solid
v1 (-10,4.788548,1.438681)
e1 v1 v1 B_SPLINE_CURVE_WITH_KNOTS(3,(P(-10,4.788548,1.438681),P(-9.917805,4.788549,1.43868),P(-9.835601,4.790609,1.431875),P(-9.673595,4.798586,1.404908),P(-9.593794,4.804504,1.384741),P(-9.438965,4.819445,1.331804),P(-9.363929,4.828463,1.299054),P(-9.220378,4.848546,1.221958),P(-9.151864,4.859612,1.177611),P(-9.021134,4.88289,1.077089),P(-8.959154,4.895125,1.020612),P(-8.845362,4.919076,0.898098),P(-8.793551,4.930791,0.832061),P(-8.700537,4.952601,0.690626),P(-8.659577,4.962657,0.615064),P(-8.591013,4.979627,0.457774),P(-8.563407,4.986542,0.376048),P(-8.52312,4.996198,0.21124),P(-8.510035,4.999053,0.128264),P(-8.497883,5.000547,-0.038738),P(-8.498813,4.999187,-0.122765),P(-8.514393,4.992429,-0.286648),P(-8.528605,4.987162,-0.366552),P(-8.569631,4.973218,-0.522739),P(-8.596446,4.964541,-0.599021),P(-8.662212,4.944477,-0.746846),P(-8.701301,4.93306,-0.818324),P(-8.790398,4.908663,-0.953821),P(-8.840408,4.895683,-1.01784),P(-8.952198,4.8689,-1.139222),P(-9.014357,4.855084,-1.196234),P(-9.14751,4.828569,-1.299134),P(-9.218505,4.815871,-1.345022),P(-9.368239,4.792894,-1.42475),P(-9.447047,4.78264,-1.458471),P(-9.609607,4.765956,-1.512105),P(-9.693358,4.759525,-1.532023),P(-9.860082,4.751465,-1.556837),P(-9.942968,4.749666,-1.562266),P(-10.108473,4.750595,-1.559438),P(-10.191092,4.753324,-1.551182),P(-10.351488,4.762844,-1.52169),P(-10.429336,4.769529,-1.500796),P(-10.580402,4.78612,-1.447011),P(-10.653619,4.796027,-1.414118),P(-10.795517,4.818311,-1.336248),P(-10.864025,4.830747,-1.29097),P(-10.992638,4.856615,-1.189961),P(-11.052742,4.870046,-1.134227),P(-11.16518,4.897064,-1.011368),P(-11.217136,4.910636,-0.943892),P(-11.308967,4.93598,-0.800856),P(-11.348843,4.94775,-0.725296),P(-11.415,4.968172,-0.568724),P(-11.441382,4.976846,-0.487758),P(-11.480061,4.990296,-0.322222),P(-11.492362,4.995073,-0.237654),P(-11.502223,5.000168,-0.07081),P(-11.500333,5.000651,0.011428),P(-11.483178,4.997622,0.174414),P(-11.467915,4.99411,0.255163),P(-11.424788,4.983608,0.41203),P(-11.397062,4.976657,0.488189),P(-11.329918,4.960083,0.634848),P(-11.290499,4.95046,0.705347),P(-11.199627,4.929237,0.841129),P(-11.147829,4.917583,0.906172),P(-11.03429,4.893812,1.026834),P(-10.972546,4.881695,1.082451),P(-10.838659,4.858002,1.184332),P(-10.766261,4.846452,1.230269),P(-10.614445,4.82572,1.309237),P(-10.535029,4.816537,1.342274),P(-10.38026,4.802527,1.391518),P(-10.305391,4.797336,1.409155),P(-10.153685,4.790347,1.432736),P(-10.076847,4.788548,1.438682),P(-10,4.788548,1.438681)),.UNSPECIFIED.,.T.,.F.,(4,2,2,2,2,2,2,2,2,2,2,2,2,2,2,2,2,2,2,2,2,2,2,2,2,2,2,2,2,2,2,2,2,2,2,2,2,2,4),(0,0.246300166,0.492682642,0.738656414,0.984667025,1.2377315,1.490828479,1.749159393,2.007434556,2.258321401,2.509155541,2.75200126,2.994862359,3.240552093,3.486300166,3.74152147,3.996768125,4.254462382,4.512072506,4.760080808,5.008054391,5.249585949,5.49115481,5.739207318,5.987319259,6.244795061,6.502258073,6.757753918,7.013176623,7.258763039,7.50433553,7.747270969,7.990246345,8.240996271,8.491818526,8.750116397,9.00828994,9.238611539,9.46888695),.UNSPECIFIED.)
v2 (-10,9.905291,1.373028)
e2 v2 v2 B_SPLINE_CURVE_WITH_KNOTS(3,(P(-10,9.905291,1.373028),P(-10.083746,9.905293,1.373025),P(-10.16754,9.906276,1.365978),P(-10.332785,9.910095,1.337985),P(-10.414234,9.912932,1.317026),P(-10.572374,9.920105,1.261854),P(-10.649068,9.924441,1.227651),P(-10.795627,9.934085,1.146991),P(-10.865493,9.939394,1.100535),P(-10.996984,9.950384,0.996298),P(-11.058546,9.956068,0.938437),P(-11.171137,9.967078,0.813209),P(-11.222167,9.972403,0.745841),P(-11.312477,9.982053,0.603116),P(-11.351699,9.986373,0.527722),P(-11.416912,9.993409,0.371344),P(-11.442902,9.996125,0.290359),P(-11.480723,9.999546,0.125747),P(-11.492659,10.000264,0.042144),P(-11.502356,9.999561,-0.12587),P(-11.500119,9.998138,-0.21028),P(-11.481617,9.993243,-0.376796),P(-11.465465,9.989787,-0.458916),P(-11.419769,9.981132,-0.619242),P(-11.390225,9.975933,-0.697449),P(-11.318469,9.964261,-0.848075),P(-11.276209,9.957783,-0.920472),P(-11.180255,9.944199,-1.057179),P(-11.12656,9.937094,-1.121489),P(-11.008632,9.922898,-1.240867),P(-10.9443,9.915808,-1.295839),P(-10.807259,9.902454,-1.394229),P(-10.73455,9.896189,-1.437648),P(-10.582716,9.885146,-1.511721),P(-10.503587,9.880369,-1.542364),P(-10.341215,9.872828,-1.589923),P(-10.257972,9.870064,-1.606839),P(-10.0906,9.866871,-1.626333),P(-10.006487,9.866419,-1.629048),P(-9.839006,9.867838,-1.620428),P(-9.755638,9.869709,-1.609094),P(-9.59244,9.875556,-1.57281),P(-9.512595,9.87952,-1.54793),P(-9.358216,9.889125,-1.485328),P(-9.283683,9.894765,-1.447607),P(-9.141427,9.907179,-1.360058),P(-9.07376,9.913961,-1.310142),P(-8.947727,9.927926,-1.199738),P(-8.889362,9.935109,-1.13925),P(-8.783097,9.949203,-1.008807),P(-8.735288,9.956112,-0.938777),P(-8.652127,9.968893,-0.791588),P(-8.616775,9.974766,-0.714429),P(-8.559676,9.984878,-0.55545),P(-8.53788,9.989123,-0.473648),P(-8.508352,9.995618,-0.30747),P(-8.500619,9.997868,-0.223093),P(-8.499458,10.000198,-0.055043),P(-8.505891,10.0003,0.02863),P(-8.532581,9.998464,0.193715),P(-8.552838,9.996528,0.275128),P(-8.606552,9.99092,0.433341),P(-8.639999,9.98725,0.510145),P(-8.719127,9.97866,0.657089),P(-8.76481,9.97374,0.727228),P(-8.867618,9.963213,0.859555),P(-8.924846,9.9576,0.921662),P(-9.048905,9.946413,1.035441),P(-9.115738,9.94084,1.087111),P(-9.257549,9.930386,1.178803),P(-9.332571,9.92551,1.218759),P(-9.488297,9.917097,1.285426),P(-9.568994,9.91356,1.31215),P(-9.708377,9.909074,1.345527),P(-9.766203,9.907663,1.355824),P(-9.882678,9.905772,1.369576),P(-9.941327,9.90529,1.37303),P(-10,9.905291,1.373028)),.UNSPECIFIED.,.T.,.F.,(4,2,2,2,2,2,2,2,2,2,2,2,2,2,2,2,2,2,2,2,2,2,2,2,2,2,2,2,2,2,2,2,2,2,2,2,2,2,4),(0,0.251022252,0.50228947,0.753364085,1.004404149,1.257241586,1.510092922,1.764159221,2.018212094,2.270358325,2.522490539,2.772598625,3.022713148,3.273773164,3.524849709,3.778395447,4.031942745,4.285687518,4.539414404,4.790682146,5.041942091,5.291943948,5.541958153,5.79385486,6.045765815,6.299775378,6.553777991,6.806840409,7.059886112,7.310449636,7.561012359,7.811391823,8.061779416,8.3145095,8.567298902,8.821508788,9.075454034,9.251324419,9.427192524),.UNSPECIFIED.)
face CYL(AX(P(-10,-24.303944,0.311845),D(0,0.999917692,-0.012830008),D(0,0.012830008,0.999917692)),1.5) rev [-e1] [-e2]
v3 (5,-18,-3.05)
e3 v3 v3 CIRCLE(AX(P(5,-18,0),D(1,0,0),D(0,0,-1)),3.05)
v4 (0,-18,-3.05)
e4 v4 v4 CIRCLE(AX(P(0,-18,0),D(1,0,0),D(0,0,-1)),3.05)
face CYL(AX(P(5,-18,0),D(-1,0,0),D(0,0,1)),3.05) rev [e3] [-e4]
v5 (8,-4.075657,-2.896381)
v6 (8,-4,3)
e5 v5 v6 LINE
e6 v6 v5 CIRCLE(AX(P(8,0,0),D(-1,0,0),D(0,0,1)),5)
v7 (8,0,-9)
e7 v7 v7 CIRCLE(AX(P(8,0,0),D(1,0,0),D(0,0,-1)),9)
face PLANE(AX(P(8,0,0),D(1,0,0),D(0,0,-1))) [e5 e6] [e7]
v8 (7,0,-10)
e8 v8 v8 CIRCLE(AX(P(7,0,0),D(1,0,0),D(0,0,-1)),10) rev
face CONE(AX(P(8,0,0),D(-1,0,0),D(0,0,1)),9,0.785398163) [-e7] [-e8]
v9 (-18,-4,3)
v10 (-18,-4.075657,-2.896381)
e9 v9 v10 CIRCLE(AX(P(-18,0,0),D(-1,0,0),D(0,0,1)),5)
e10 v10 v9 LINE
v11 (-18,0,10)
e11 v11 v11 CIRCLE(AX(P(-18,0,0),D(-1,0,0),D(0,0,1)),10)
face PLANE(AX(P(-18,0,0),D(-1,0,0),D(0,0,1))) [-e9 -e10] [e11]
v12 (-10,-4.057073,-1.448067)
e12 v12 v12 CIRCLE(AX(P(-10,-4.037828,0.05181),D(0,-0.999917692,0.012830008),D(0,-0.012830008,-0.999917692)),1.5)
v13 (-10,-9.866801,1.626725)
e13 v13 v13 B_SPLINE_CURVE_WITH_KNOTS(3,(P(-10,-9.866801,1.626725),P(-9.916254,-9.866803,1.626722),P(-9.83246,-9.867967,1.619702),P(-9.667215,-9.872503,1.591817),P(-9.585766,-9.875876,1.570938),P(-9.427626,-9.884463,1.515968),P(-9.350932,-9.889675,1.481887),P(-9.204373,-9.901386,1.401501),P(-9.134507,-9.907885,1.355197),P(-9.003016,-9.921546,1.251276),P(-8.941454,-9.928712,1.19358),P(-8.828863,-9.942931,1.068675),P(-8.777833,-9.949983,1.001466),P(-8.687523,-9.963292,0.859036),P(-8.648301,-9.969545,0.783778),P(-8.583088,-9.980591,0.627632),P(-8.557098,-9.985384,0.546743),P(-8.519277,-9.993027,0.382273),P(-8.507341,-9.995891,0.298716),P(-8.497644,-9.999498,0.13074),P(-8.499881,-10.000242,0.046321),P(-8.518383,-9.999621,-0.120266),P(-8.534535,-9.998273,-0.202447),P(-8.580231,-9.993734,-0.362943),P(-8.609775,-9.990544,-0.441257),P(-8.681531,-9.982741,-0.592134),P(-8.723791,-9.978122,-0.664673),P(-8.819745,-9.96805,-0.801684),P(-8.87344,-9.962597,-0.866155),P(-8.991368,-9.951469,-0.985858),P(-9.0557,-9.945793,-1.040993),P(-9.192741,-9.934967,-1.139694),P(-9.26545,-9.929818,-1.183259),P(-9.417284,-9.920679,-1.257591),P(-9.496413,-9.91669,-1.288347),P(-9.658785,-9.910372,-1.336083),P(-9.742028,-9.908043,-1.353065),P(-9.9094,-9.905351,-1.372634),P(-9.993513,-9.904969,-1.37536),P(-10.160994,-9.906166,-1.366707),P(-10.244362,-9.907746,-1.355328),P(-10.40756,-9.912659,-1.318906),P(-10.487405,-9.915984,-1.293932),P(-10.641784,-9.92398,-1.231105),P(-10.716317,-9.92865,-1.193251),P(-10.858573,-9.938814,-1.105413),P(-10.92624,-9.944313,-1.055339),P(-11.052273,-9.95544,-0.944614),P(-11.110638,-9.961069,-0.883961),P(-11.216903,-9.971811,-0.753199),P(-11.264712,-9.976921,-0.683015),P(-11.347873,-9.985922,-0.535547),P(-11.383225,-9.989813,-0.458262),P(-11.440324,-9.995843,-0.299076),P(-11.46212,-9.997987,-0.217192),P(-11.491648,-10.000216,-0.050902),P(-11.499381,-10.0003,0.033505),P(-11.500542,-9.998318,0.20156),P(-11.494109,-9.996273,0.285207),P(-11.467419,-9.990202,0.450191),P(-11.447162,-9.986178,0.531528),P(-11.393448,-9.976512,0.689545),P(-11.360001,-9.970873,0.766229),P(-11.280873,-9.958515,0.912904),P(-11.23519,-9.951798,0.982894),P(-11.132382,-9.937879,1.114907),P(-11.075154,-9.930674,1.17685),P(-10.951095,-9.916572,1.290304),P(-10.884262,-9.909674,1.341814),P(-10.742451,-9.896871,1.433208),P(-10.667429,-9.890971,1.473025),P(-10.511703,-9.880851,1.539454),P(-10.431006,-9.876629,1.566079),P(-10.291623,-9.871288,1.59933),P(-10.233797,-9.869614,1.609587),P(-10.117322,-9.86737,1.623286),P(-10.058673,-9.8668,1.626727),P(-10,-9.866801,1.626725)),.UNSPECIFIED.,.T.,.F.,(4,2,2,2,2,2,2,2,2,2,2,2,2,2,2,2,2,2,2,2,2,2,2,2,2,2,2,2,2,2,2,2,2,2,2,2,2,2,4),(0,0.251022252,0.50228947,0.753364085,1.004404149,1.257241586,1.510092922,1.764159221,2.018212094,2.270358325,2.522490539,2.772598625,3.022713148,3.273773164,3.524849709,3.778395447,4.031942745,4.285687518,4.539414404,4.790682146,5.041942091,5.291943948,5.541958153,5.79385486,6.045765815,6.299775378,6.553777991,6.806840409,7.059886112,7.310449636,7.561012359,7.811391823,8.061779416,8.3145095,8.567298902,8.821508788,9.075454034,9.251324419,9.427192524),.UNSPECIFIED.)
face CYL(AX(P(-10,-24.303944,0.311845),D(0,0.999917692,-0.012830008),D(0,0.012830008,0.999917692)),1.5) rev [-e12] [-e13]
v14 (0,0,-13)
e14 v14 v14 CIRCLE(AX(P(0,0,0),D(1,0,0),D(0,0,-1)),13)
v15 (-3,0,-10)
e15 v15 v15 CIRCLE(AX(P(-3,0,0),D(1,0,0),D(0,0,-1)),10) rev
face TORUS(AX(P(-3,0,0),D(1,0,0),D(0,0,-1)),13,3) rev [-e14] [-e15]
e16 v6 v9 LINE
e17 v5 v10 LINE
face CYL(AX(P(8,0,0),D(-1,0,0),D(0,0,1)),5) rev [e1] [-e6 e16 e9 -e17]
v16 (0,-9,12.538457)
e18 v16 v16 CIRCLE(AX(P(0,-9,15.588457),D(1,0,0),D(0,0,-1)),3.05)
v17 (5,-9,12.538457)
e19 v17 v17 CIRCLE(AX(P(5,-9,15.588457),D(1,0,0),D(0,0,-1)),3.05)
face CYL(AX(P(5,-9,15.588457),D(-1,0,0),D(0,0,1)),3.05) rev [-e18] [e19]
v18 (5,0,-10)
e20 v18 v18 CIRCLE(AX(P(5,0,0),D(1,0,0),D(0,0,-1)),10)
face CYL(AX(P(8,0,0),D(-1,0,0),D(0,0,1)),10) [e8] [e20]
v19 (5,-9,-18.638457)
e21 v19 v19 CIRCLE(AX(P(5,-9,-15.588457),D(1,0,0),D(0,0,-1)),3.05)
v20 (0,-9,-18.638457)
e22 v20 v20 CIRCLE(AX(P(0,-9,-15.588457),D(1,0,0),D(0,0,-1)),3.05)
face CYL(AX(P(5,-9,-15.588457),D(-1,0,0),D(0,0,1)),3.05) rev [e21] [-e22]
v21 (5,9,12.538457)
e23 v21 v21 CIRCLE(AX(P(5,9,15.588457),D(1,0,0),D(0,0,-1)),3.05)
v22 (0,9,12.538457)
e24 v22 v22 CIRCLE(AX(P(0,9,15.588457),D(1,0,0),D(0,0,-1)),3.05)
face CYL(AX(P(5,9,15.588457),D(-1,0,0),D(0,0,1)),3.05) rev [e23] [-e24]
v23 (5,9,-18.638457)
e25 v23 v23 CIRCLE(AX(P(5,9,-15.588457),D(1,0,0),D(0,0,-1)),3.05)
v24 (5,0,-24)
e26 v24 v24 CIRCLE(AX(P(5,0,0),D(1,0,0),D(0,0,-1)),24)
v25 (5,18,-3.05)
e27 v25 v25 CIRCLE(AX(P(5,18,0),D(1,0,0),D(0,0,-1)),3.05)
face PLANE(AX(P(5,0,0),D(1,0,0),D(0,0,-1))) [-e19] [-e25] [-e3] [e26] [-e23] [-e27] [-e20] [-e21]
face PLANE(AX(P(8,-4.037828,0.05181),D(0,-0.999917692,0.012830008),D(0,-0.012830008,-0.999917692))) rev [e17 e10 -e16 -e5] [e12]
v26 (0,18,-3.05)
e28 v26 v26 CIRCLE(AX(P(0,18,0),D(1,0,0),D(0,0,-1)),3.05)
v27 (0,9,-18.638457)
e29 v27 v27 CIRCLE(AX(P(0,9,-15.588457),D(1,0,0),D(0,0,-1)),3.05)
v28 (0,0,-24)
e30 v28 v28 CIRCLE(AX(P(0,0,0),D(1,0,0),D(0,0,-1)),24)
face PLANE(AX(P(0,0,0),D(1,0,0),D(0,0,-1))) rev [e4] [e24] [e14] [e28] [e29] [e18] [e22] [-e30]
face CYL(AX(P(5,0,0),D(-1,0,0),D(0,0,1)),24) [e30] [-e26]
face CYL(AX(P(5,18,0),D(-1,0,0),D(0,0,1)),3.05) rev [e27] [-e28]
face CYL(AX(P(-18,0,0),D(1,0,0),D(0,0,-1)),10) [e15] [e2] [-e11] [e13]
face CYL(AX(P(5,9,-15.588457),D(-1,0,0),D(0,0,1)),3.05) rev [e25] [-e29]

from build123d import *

# Parameters (mm, degrees)
SKETCH_1_R               = 24
SKETCH_1_R_2             = 3.05
EXTRUDE_1_DEPTH          = 5
SKETCH_14_R              = 10
EXTRUDE_2_DEPTH          = 3
SKETCH_15_R              = 10
EXTRUDE_3_DEPTH          = 18
CUT_EXTRUDE_1_DEPTH      = 27
FILLET_5_R               = 3
CHAMFER_1_SIZE           = 1
SKETCH_18_R              = 1.5
CUT_EXTRUDE_4_DEPTH      = 29.344105586
CUT_EXTRUDE_4_DEPTH_BACK = 21.267784004


with BuildPart() as part:
    # Sketch 1 → 凸台-拉伸1 (new body)
    with BuildSketch(Plane(origin=(0, 0, 0), x_dir=(0, 0, -1), z_dir=(1, 0, 0))):
        Circle(SKETCH_1_R)
        with Locations((-15.588457268, 9)):
            Circle(SKETCH_1_R_2, mode=Mode.SUBTRACT)
        with Locations((0, 18)):
            Circle(SKETCH_1_R_2, mode=Mode.SUBTRACT)
        with Locations((15.588457268, 9)):
            Circle(SKETCH_1_R_2, mode=Mode.SUBTRACT)
        with Locations((15.588457268, -9)):
            Circle(SKETCH_1_R_2, mode=Mode.SUBTRACT)
        with Locations((0, -18)):
            Circle(SKETCH_1_R_2, mode=Mode.SUBTRACT)
        with Locations((-15.588457268, -9)):
            Circle(SKETCH_1_R_2, mode=Mode.SUBTRACT)
    extrude(amount=EXTRUDE_1_DEPTH)

    # 草图14 → 凸台-拉伸2 (add)
    with BuildSketch(Plane(origin=(5, 0, 0), x_dir=(0, 0, -1), z_dir=(1, 0, 0))):
        Circle(SKETCH_14_R)
    extrude(amount=EXTRUDE_2_DEPTH)

    # 草图15 → 凸台-拉伸3 (add)
    with BuildSketch(Plane.ZY):
        Circle(SKETCH_15_R)
    extrude(amount=EXTRUDE_3_DEPTH)

    # 草图16 → 切除-拉伸1 (cut, through all)
    with BuildSketch(Plane.ZY.offset(18)):
        with BuildLine():
            ThreePointArc((5, 0), (-2.29326147, 4.443079093), (-2.896380732, -4.075656838))
            Line((-2.896380732, -4.075656838), (3, -4))
            ThreePointArc((3, -4), (4.472135955, -2.236067977), (5, 0))
        make_face()
    extrude(amount=-CUT_EXTRUDE_1_DEPTH, mode=Mode.SUBTRACT)

    # 圆角5
    fillet_5_edges = [part.edges().sort_by_distance(p)[0] for p in [
        (0, 0, -10),
    ]]
    fillet(fillet_5_edges, radius=FILLET_5_R)

    # 倒角1
    chamfer_1_edges = [part.edges().sort_by_distance(p)[0] for p in [
        (8, 0, 10),
    ]]
    chamfer(chamfer_1_edges, length=CHAMFER_1_SIZE)

    # 草图18 → 切除-拉伸4 (cut, two sides)
    with BuildSketch(Plane(origin=(0, -4.037828419, 0.051809634), x_dir=(1, 0, 0), z_dir=(0, 0.999917692, -0.012830008))) as cut_extrude_4_sk:
        with Locations((-10, 0)):
            Circle(SKETCH_18_R)
    extrude(amount=CUT_EXTRUDE_4_DEPTH, mode=Mode.SUBTRACT)
    extrude(cut_extrude_4_sk.sketch, amount=-CUT_EXTRUDE_4_DEPTH_BACK, mode=Mode.SUBTRACT)


solid = part.part
